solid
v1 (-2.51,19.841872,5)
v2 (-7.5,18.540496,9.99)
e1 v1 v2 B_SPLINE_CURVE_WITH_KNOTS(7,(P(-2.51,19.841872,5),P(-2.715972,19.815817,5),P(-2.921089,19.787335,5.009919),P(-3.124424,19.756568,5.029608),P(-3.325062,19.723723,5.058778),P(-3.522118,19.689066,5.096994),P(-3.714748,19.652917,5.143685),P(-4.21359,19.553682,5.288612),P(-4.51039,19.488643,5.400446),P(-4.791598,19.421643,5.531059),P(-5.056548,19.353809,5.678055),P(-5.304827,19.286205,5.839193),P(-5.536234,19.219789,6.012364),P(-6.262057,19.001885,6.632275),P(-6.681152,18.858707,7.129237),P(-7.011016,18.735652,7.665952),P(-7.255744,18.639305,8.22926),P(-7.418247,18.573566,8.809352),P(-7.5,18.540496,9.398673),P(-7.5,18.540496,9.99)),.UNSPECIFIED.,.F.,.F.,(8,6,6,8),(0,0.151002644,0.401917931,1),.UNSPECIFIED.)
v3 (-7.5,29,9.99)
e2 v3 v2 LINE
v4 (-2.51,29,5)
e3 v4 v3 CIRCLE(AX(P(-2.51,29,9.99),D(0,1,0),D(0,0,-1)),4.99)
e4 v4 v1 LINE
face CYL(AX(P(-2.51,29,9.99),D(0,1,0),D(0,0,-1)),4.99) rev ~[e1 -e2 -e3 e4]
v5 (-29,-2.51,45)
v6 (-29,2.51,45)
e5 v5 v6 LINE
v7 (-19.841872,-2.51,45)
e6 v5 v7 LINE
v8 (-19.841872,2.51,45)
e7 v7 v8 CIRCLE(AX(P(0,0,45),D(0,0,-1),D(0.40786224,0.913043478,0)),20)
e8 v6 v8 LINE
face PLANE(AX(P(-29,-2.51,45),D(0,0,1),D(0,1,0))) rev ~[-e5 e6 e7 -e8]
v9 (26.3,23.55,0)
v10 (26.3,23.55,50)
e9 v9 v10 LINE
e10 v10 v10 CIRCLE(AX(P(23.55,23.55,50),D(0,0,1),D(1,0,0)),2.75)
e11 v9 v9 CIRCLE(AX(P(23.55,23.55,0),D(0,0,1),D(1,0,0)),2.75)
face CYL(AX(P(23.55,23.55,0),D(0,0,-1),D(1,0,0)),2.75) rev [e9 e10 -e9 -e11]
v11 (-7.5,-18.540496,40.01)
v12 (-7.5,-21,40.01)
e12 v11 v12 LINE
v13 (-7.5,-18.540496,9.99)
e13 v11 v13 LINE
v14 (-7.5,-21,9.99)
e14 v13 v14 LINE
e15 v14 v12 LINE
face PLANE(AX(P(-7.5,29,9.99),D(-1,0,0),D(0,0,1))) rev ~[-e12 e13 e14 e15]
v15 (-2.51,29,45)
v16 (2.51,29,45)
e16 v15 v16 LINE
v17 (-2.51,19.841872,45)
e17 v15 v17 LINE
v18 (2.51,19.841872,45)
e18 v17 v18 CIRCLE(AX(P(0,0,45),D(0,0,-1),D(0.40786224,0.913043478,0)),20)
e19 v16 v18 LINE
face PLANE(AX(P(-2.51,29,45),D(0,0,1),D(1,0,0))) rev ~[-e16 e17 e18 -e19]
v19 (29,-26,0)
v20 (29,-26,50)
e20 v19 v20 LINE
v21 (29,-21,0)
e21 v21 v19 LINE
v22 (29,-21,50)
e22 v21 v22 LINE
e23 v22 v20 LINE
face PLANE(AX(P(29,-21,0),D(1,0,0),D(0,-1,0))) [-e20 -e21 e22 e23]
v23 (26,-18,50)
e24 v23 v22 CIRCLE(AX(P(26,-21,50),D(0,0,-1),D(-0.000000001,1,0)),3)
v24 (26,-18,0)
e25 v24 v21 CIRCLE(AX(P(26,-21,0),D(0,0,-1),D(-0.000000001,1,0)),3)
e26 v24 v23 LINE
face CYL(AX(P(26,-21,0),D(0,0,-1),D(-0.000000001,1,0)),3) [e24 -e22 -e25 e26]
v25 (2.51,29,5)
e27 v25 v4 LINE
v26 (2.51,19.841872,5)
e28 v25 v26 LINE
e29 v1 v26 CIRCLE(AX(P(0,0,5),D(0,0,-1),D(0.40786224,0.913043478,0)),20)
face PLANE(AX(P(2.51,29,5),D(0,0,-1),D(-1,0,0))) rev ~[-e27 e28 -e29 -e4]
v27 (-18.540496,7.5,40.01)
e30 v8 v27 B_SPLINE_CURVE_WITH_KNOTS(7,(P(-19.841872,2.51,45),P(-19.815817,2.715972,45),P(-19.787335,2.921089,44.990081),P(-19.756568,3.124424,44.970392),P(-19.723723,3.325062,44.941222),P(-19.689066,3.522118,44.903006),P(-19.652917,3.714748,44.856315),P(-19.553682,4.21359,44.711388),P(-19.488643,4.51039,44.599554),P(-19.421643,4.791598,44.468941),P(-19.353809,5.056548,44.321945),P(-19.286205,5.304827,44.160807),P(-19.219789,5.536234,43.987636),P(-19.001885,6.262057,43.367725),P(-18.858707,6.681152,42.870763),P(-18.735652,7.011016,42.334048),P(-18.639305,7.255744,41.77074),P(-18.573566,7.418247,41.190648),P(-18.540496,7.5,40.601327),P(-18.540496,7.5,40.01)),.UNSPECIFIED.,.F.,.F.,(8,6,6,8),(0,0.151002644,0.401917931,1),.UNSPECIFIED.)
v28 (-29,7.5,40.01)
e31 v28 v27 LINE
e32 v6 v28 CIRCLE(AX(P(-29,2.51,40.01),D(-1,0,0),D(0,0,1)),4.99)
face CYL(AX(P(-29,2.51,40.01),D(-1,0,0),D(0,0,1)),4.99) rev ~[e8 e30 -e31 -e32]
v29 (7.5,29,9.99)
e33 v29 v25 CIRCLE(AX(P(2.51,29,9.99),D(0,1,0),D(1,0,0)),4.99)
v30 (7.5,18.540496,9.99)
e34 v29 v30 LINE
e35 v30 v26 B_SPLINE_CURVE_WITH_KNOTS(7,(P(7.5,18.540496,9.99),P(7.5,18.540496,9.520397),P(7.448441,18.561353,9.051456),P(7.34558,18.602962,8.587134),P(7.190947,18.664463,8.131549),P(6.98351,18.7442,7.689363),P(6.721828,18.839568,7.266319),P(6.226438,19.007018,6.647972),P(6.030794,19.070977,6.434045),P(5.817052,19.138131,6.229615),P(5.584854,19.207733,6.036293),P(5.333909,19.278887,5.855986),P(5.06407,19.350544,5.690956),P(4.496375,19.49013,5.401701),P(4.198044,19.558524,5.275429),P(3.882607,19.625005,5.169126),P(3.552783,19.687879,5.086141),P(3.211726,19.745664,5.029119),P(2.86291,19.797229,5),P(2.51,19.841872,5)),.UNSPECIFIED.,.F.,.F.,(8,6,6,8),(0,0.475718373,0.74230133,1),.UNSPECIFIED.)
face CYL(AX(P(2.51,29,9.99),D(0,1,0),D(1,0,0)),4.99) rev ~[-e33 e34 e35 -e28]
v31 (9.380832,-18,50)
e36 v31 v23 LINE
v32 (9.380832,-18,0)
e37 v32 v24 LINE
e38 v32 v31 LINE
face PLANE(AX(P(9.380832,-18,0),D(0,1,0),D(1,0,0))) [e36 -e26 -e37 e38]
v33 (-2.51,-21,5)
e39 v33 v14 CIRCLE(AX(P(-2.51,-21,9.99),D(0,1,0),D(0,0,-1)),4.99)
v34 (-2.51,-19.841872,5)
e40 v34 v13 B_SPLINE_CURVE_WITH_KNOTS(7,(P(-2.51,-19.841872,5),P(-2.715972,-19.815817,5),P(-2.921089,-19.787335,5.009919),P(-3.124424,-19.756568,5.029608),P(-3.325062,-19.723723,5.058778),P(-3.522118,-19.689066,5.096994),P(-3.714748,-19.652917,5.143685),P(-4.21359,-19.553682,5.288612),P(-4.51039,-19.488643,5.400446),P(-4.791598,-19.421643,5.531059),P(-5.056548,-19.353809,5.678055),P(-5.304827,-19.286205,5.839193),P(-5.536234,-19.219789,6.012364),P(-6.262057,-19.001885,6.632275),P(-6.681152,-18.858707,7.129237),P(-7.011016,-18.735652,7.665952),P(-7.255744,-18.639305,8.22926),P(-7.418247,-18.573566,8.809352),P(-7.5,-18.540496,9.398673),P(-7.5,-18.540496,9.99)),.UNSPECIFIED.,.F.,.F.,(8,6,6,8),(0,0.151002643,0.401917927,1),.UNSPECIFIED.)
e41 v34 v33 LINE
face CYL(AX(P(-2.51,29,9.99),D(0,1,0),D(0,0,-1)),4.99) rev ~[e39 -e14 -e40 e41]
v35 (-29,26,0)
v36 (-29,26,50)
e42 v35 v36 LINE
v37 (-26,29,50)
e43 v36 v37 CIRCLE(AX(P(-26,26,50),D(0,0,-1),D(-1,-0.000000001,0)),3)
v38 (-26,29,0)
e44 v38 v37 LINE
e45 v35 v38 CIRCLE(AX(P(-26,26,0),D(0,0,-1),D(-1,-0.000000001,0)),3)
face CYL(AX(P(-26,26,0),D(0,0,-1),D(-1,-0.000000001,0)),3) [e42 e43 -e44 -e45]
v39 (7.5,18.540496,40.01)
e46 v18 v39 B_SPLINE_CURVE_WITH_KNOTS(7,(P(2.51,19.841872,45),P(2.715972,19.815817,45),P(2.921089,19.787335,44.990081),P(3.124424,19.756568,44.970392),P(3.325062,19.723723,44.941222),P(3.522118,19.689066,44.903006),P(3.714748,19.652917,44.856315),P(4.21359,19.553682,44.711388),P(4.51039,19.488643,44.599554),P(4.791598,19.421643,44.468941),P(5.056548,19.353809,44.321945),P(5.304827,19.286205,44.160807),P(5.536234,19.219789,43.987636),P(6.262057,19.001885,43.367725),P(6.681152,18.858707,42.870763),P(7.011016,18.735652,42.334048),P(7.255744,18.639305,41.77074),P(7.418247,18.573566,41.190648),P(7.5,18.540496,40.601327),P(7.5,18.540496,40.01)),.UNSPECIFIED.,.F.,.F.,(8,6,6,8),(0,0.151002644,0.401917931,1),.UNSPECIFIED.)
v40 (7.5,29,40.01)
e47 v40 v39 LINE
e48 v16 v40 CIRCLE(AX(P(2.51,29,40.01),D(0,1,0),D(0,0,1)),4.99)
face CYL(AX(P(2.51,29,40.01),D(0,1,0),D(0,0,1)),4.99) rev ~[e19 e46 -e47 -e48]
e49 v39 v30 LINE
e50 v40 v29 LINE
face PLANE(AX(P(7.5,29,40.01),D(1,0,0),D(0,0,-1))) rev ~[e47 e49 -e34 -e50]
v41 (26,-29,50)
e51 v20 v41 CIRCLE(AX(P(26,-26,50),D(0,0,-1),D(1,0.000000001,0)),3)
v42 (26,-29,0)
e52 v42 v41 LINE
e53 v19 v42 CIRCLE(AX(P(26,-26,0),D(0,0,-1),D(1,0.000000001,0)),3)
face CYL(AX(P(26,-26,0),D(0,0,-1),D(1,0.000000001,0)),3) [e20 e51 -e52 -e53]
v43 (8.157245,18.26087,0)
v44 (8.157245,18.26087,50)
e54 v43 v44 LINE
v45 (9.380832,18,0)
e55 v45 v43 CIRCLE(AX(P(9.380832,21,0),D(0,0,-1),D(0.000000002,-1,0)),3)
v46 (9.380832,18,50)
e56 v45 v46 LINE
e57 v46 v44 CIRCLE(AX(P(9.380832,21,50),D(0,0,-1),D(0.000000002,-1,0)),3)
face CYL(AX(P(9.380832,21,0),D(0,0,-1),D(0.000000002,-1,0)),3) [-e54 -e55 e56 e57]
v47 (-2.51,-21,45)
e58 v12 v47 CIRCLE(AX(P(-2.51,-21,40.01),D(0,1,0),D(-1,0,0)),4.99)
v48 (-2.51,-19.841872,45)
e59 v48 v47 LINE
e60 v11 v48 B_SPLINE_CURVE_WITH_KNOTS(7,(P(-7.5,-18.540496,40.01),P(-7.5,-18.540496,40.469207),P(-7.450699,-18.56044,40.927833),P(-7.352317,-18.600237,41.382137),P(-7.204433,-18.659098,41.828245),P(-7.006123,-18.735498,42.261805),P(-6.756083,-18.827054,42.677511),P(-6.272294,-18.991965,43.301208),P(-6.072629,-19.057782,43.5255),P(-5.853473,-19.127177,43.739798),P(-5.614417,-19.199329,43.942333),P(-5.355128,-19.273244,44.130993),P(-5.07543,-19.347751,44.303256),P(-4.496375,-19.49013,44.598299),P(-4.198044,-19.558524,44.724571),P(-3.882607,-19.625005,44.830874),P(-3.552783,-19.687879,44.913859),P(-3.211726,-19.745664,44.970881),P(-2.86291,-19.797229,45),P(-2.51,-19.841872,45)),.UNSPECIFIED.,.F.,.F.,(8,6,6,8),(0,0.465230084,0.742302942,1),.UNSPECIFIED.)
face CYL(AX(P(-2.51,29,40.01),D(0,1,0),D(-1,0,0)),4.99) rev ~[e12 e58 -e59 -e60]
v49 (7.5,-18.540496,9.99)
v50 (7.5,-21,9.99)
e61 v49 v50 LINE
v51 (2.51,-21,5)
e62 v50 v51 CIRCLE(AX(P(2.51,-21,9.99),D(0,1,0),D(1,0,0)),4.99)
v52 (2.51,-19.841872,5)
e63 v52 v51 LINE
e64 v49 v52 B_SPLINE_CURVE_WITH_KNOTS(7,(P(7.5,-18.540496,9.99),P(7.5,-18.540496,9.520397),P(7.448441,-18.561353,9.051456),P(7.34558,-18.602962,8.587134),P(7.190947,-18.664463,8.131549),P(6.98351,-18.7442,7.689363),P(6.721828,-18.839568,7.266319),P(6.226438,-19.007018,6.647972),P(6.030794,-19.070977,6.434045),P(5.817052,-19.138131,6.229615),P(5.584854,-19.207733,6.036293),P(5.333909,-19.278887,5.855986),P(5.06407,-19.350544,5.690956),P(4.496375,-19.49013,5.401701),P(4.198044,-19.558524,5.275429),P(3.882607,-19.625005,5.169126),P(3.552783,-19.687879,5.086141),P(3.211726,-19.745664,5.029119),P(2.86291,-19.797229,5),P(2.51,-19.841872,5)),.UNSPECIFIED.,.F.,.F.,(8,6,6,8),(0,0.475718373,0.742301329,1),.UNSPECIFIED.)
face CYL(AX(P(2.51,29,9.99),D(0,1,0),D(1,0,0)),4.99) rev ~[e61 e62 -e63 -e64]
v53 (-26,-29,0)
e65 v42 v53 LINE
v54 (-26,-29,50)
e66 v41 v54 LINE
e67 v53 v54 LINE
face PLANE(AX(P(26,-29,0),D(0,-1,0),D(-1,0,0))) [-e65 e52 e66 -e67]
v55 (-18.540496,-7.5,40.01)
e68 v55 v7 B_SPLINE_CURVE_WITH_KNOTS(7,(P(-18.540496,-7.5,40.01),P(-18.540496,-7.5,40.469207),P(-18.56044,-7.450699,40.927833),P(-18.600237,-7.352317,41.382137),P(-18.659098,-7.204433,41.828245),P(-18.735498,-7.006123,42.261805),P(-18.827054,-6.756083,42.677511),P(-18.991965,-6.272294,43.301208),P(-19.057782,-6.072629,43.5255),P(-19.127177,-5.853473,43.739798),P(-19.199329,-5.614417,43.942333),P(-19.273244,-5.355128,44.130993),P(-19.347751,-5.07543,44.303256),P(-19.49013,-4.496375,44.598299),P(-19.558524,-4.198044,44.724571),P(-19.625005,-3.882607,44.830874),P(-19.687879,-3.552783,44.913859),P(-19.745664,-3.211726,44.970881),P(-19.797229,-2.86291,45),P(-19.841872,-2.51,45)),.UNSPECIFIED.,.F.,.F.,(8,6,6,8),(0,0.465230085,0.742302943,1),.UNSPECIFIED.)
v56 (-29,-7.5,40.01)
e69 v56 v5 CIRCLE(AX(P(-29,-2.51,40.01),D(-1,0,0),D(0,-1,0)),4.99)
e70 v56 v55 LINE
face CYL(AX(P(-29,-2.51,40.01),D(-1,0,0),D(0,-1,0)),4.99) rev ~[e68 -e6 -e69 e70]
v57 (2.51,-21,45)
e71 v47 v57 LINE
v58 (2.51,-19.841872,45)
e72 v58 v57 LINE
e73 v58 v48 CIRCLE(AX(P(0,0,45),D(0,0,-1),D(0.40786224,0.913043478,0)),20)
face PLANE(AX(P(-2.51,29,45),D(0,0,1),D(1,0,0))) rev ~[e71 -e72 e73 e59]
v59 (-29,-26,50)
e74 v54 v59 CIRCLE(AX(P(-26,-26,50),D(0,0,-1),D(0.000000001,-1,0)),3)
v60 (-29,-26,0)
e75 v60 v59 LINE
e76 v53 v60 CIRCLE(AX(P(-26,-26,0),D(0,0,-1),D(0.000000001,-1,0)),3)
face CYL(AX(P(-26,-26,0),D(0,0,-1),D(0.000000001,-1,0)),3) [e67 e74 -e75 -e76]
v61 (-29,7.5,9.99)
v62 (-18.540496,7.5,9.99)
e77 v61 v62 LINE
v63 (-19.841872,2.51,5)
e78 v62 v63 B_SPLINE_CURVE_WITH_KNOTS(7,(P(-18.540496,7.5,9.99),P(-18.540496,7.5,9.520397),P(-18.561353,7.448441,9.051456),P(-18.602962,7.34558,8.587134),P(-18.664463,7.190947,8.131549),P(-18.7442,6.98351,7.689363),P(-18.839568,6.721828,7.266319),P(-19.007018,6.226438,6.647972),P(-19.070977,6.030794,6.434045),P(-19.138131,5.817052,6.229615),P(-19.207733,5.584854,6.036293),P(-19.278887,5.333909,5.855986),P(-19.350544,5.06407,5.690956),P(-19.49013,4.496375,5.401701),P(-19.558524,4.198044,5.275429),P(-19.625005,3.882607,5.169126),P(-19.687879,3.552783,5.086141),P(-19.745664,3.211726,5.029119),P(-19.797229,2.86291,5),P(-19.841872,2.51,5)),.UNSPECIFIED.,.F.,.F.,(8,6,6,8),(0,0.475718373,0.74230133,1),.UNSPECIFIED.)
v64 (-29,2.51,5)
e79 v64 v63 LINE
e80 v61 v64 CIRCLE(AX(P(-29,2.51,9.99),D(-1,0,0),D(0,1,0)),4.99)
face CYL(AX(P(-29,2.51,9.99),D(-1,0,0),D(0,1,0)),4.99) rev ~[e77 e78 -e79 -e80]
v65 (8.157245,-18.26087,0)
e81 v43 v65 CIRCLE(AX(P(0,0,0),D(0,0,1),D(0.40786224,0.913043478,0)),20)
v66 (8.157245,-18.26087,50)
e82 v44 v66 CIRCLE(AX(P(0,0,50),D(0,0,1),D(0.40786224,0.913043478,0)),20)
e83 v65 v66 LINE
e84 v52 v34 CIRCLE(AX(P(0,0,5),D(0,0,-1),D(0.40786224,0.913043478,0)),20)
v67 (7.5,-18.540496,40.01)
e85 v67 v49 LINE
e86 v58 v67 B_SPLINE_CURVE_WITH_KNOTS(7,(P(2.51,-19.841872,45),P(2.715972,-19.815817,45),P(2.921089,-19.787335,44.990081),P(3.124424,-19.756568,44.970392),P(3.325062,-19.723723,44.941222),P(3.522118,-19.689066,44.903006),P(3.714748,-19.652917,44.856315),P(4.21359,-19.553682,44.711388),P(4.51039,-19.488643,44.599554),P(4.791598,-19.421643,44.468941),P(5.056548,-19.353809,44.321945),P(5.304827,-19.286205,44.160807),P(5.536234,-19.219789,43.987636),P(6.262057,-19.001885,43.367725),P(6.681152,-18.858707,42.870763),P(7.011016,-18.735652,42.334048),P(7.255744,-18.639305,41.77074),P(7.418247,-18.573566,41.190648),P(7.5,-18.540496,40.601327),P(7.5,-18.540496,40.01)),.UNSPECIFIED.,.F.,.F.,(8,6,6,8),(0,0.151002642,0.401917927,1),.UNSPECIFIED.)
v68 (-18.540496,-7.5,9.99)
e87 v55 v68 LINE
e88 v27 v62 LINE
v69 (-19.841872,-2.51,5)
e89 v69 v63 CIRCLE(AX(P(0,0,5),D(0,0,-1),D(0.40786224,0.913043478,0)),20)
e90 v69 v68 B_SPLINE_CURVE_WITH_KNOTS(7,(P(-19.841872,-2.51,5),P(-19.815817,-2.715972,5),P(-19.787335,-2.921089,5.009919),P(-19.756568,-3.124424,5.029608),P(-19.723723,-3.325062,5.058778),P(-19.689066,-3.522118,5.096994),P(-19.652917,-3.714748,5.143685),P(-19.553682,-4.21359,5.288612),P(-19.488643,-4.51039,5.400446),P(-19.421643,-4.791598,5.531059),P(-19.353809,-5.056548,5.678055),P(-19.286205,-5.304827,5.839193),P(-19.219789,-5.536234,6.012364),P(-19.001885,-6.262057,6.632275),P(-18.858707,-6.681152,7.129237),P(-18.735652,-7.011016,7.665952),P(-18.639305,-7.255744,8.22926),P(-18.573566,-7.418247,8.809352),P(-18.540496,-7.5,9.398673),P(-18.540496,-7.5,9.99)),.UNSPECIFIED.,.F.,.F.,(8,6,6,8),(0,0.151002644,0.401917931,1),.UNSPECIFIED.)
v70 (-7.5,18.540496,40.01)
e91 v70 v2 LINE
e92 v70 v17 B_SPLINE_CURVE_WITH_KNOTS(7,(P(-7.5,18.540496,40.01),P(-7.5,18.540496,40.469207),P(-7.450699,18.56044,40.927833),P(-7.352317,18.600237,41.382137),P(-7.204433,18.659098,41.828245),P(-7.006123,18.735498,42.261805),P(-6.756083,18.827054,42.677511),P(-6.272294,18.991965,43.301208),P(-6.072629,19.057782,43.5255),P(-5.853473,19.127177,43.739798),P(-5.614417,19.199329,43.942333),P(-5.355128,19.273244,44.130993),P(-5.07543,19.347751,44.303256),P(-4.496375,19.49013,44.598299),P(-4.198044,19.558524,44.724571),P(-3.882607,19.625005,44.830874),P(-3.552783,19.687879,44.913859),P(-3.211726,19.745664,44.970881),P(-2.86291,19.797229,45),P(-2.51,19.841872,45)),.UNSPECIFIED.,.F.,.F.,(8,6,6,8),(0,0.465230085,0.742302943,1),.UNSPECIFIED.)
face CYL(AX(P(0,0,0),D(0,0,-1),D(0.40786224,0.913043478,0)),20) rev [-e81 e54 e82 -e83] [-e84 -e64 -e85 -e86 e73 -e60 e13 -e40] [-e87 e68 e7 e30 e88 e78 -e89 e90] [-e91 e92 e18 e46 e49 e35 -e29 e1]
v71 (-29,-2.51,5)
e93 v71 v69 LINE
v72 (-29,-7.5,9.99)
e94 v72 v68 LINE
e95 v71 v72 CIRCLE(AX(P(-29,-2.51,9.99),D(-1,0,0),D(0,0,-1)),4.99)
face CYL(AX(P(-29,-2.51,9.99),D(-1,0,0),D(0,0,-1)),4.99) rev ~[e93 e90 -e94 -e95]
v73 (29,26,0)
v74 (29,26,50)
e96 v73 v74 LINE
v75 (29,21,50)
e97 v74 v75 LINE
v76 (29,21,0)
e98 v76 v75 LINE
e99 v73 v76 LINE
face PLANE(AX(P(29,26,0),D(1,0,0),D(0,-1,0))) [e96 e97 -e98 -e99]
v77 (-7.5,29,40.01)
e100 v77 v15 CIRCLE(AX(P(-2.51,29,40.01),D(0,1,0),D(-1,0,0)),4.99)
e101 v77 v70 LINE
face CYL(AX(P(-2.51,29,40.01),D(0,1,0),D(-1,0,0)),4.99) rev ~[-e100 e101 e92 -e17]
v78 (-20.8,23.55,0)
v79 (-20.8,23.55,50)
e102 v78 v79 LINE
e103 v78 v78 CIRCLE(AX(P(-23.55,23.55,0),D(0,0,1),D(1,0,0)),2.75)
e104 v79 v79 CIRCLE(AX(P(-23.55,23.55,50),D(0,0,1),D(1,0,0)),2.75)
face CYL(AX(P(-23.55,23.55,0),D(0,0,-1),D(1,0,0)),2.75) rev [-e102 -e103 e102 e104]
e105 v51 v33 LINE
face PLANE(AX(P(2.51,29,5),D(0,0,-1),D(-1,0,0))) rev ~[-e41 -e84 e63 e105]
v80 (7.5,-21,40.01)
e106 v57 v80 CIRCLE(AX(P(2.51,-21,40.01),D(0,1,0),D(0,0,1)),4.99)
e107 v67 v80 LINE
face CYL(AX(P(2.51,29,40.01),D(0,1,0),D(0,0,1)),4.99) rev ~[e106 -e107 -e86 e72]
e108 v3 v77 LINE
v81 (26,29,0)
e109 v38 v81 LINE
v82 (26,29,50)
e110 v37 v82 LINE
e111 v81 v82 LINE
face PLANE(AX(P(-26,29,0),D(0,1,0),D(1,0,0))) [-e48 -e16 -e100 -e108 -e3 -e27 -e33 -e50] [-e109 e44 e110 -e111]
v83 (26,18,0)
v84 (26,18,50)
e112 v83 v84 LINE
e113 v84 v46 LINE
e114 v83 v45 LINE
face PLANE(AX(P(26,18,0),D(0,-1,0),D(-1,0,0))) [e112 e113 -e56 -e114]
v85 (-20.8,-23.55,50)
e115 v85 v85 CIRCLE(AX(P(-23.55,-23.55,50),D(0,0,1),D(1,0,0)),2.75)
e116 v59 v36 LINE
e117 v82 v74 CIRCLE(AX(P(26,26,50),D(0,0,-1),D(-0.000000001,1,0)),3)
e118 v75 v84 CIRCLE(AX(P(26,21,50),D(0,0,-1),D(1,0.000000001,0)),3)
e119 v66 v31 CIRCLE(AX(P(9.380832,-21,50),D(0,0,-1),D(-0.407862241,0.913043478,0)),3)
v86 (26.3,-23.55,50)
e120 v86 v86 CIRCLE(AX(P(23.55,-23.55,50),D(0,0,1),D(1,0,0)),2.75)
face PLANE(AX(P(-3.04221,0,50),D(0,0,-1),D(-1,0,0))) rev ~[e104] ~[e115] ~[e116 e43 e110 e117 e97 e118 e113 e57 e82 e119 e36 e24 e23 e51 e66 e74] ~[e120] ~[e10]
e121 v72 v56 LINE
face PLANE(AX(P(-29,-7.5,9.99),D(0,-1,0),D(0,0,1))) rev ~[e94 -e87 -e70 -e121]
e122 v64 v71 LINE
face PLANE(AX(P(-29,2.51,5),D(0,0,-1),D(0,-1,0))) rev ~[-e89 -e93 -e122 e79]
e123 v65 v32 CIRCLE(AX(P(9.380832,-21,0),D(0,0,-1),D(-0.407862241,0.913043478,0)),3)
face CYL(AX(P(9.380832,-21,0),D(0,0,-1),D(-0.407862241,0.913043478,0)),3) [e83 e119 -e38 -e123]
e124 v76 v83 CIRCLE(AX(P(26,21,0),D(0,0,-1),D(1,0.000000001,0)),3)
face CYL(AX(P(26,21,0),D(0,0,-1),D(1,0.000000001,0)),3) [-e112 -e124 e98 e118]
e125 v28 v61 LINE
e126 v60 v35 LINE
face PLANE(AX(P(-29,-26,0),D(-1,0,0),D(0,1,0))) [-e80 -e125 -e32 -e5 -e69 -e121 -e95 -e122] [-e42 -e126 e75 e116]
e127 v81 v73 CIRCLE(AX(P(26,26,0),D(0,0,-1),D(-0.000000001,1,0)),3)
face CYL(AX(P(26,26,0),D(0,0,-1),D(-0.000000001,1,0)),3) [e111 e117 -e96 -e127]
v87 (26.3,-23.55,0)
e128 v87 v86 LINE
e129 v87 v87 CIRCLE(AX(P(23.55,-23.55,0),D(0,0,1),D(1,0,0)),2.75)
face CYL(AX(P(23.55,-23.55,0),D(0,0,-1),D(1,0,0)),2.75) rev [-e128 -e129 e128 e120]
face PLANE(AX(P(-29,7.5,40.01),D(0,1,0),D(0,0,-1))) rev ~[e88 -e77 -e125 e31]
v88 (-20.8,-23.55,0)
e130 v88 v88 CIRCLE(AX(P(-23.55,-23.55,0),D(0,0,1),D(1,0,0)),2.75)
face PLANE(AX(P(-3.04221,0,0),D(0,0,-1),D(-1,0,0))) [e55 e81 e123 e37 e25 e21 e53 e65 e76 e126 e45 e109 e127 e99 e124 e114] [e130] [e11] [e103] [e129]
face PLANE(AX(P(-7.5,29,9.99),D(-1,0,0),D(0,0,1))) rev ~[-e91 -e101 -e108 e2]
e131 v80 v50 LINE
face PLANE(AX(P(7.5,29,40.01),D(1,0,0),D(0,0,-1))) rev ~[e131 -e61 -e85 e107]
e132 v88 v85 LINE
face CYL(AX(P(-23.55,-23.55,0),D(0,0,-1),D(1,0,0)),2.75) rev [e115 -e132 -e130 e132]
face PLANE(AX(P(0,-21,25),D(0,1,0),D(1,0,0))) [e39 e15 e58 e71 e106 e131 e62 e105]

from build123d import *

# Parameters (mm, degrees)
SKETCH1_R           = 2.75
BOSS_EXTRUDE1_DEPTH = 50
CUT_EXTRUDE1_DEPTH  = 50
CUT_EXTRUDE2_DEPTH  = 50


with BuildPart() as part:
    # Sketch1 → Boss-Extrude1 (new body)
    with BuildSketch(Plane.XY):
        with BuildLine():
            Line((26, -29), (-26, -29))
            ThreePointArc((-26, -29), (-28.121320344, -28.121320344), (-29, -26))
            Line((-29, -26), (-29, 26))
            ThreePointArc((-29, 26), (-28.121320344, 28.121320344), (-26, 29))
            Line((-26, 29), (26, 29))
            ThreePointArc((26, 29), (28.121320344, 28.121320344), (29, 26))
            Line((29, 26), (29, 21))
            ThreePointArc((29, 21), (28.121320344, 18.878679656), (26, 18))
            Line((26, 18), (9.38083152, 18))
            ThreePointArc((9.38083152, 18), (8.755288277, 18.065942118), (8.1572448, 18.260869565))
            ThreePointArc((8.1572448, 18.260869565), (-20, 0), (8.1572448, -18.260869565))
            ThreePointArc((8.1572448, -18.260869565), (8.755288277, -18.065942118), (9.38083152, -18))
            Line((9.38083152, -18), (26, -18))
            ThreePointArc((26, -18), (28.121320344, -18.878679656), (29, -21))
            Line((29, -21), (29, -26))
            ThreePointArc((29, -26), (28.121320344, -28.121320344), (26, -29))
        make_face()
        with Locations((-23.55, 23.55)):
            Circle(SKETCH1_R, mode=Mode.SUBTRACT)
        with Locations((-23.55, -23.55)):
            Circle(SKETCH1_R, mode=Mode.SUBTRACT)
        with Locations((23.55, -23.55)):
            Circle(SKETCH1_R, mode=Mode.SUBTRACT)
        with Locations((23.55, 23.55)):
            Circle(SKETCH1_R, mode=Mode.SUBTRACT)
    extrude(amount=BOSS_EXTRUDE1_DEPTH)

    # Sketch2 → Cut-Extrude1 (cut)
    with BuildSketch(Plane(origin=(0, 29, 0), x_dir=(1, 0, 0), z_dir=(0, 1, 0))):
        with BuildLine():
            Line((-2.51, -45), (2.51, -45))
            ThreePointArc((2.51, -45), (6.038462838, -43.538462838), (7.5, -40.01))
            Line((7.5, -40.01), (7.5, -9.99))
            ThreePointArc((7.5, -9.99), (6.038462838, -6.461537162), (2.51, -5))
            Line((2.51, -5), (-2.51, -5))
            ThreePointArc((-2.51, -5), (-6.038462838, -6.461537162), (-7.5, -9.99))
            Line((-7.5, -9.99), (-7.5, -40.01))
            ThreePointArc((-7.5, -40.01), (-6.038462838, -43.538462838), (-2.51, -45))
        make_face()
    extrude(amount=-CUT_EXTRUDE1_DEPTH, mode=Mode.SUBTRACT)

    # Sketch3 → Cut-Extrude2 (cut)
    with BuildSketch(Plane.ZY.offset(29)):
        with BuildLine():
            Line((9.99, -7.5), (40.01, -7.5))
            ThreePointArc((40.01, -7.5), (43.538462838, -6.038462838), (45, -2.51))
            Line((45, -2.51), (45, 2.51))
            ThreePointArc((45, 2.51), (43.538462838, 6.038462838), (40.01, 7.5))
            Line((40.01, 7.5), (9.99, 7.5))
            ThreePointArc((9.99, 7.5), (6.461537162, 6.038462838), (5, 2.51))
            Line((5, 2.51), (5, -2.51))
            ThreePointArc((5, -2.51), (6.461537162, -6.038462838), (9.99, -7.5))
        make_face()
    extrude(amount=-CUT_EXTRUDE2_DEPTH, mode=Mode.SUBTRACT)


solid = part.part
